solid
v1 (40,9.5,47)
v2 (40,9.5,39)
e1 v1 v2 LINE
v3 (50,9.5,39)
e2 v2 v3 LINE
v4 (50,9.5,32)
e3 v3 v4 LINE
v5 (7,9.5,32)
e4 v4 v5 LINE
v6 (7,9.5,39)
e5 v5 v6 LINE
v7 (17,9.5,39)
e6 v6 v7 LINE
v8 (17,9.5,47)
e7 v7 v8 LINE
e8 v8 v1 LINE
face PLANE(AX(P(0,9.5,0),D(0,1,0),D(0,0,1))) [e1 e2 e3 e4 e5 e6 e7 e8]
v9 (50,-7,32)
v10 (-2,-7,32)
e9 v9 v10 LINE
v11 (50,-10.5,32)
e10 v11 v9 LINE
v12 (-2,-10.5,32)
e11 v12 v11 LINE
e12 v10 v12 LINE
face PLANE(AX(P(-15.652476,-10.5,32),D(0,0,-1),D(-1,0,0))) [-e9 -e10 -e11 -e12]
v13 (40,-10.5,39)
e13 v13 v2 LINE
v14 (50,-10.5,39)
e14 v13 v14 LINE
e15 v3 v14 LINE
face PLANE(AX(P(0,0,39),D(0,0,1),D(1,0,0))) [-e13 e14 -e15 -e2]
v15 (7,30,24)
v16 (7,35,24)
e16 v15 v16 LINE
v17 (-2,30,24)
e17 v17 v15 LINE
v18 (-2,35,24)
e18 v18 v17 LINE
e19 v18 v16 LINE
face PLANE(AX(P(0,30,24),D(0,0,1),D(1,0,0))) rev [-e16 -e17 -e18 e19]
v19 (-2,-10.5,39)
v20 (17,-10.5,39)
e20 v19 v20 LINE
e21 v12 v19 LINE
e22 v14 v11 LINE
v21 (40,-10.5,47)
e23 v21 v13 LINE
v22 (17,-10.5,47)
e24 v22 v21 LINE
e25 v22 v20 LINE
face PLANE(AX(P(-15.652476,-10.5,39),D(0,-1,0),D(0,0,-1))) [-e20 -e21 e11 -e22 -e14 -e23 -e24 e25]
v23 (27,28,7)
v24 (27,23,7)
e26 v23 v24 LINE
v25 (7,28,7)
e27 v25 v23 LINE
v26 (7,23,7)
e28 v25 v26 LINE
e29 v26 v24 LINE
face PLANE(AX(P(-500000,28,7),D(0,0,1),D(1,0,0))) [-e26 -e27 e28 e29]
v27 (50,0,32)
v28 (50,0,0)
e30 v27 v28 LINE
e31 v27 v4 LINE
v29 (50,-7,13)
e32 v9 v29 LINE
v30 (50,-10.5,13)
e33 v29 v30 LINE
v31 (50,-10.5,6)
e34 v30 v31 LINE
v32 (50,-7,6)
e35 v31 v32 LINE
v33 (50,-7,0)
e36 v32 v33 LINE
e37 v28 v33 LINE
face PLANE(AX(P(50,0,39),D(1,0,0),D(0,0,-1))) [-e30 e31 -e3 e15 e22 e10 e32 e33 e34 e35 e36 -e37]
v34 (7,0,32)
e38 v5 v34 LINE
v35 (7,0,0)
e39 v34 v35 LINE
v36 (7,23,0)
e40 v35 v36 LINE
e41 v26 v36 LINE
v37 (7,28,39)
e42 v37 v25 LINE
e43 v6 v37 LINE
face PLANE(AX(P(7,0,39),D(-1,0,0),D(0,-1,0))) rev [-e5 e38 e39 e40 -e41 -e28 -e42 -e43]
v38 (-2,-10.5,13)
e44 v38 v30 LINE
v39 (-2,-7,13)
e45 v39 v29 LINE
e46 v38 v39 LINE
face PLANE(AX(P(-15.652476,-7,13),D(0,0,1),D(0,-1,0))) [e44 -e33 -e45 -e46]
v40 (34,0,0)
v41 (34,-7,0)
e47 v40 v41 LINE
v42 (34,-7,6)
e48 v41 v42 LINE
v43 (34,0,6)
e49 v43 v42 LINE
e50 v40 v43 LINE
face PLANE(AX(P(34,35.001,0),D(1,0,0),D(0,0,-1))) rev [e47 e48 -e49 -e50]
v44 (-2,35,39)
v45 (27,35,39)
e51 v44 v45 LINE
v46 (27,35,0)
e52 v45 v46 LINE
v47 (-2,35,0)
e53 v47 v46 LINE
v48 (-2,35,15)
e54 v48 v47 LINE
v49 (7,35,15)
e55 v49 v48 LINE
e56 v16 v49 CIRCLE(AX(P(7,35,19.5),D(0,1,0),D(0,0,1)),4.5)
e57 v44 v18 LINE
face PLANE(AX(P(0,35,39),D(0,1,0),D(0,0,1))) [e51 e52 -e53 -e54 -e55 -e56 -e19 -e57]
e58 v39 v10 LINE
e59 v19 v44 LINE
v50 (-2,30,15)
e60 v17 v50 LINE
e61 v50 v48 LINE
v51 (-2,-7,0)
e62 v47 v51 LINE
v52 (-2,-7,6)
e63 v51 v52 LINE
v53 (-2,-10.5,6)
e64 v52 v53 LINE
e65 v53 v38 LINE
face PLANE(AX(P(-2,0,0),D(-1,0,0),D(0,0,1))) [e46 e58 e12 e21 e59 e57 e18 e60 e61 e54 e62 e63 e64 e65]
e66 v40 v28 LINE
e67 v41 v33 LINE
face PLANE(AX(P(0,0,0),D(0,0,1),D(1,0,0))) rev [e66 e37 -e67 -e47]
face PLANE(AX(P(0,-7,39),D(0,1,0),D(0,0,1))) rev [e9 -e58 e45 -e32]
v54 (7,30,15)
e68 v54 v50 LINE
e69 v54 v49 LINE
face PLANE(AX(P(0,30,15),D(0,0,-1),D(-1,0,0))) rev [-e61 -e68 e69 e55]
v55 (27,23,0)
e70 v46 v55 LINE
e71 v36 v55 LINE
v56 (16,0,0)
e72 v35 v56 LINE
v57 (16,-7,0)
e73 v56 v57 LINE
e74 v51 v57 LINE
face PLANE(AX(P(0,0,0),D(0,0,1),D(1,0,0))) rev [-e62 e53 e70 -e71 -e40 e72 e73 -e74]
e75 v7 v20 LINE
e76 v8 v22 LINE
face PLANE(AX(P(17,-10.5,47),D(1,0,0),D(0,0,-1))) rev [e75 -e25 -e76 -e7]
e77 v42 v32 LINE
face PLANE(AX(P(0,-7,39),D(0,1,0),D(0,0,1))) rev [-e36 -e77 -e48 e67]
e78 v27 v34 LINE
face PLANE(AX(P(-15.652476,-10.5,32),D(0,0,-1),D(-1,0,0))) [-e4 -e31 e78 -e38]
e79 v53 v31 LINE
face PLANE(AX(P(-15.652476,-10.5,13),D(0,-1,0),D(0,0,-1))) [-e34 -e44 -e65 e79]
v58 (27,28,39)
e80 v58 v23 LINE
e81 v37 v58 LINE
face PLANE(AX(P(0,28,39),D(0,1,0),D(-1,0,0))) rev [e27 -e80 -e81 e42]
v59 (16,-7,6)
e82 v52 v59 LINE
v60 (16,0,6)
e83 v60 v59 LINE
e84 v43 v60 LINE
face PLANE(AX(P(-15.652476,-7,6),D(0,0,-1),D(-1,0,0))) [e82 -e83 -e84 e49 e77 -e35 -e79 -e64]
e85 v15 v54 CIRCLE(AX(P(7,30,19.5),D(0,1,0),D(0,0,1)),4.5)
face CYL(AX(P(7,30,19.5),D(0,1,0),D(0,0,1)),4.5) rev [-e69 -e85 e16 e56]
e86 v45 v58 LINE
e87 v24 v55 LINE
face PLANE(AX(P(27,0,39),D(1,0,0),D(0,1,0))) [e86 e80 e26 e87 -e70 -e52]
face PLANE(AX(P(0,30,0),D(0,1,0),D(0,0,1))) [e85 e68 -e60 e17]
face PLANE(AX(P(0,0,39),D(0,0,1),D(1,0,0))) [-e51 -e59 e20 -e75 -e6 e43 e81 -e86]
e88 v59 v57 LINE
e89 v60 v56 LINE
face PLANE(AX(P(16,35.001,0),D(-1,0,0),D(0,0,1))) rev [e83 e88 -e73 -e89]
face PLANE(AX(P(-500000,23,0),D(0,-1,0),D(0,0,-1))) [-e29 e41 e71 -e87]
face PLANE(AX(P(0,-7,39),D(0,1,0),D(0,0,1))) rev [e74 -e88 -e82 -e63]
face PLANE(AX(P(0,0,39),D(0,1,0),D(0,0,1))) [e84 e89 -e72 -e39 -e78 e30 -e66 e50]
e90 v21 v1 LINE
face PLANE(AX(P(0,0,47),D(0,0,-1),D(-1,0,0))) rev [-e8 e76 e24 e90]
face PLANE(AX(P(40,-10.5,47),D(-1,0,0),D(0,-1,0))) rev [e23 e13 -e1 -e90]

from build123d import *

# Parameters (mm, degrees)
SKETCH_1_W          = 20
SKETCH_1_H          = 7
SKETCH_1_W_2        = 50
EXTRUDE_1_DEPTH     = 39
CUT_EXTRUDE_1_DEPTH = 5
EXTRUDE_2_REACH     = 60.949
SKETCH_3_W          = 7
SKETCH_3_H          = 5
EXTRUDE_3_REACH     = 74.429
SKETCH_4_W          = 7
SKETCH_4_H          = 14
SKETCH_4_H_2        = 3.5
CUT_EXTRUDE_2_REACH = 78.059
SKETCH_5_W          = 18
SKETCH_5_H          = 6
SKETCH_6_W          = 23
SKETCH_6_H          = 14
EXTRUDE_4_DEPTH     = 8
EXTRUDE_5_DEPTH     = 2
EXTRUDE_6_DEPTH     = 6


with BuildPart() as part:
    # Эскиз1 → Бобышка-Вытянуть1 (new body)
    with BuildSketch(Plane.XY):
        with Locations((17, 31.5)):
            Rectangle(SKETCH_1_W, SKETCH_1_H)
        Polygon((0, 35), (0, 0), (7, 0), (7, 28), (7, 35), align=None)
        with Locations((25, -3.5)):
            Rectangle(SKETCH_1_W_2, SKETCH_1_H)
    extrude(amount=EXTRUDE_1_DEPTH)

    # Эскиз2 → Вырез-Вытянуть1 (cut)
    with BuildSketch(Plane(origin=(0, 35, 0), x_dir=(1, 0, 0), z_dir=(0, 1, 0))):
        with BuildLine():
            ThreePointArc((7, -15), (3.818019485, -16.318019485), (2.5, -19.5))
            Line((2.5, -19.5), (11.5, -19.5))
            ThreePointArc((11.5, -19.5), (10.181980515, -16.318019485), (7, -15))
        make_face()
        with BuildLine():
            Line((11.5, -19.5), (2.5, -19.5))
            ThreePointArc((2.5, -19.5), (3.818019485, -22.681980515), (7, -24))
            ThreePointArc((7, -24), (10.181980515, -22.681980515), (11.5, -19.5))
        make_face()
        with BuildLine():
            Line((0, -15), (0, -19.5))
            Line((0, -19.5), (2.5, -19.5))
            ThreePointArc((2.5, -19.5), (3.818019485, -16.318019485), (7, -15))
            Line((7, -15), (0, -15))
        make_face()
        with BuildLine():
            Line((2.5, -19.5), (0, -19.5))
            Line((0, -19.5), (0, -24))
            Line((0, -24), (7, -24))
            ThreePointArc((7, -24), (3.818019485, -22.681980515), (2.5, -19.5))
        make_face()
    extrude(amount=-CUT_EXTRUDE_1_DEPTH, mode=Mode.SUBTRACT)

    # Эскиз3 → Бобышка-Вытянуть2 (add, up to next)
    with BuildSketch(Plane(origin=(27, 0, 0), x_dir=(0, 0, -1), z_dir=(1, 0, 0)), mode=Mode.PRIVATE) as extrude_2_sk1:
        with Locations((-3.5, 25.5)):
            Rectangle(SKETCH_3_W, SKETCH_3_H)
    extrude_2_tool1 = extrude(extrude_2_sk1.sketch, amount=-EXTRUDE_2_REACH, mode=Mode.PRIVATE) - part.part
    add(extrude_2_tool1.solids().sort_by_distance((27, 25.5, 3.5))[0])

    # Бобышка-Вытянуть3: up to this face of the body (flat: up to its plane)
    extrude_3_end = Plane(part.part.faces().sort_by_distance((0, 13.47740113, 19.5))[0])
    # Эскиз4 → Бобышка-Вытянуть3 (add, up to the picked face)
    with BuildSketch(Plane(origin=(50, 0, 0), x_dir=(0, 0, -1), z_dir=(1, 0, 0)), mode=Mode.PRIVATE) as extrude_3_sk1:
        with Locations((-35.5, -3.5)):
            Rectangle(SKETCH_4_W, SKETCH_4_H)
    extrude_3_tool1 = split(extrude(extrude_3_sk1.sketch, amount=-EXTRUDE_3_REACH, mode=Mode.PRIVATE), bisect_by=extrude_3_end, keep=Keep.BOTH, mode=Mode.PRIVATE)
    # Эскиз4 → Бобышка-Вытянуть3 (add, up to the picked face)
    with BuildSketch(Plane(origin=(50, 0, 0), x_dir=(0, 0, -1), z_dir=(1, 0, 0)), mode=Mode.PRIVATE) as extrude_3_sk2:
        with Locations((-9.5, -8.75)):
            Rectangle(SKETCH_4_W, SKETCH_4_H_2)
    extrude_3_tool2 = split(extrude(extrude_3_sk2.sketch, amount=-EXTRUDE_3_REACH, mode=Mode.PRIVATE), bisect_by=extrude_3_end, keep=Keep.BOTH, mode=Mode.PRIVATE)
    add(extrude_3_tool1.solids().sort_by(Axis((50, -3.5, 35.5), (-1, 0, 0)))[0])
    add(extrude_3_tool2.solids().sort_by(Axis((50, -8.75, 9.5), (-1, 0, 0)))[0])

    # Эскиз5 → Вырез-Вытянуть2 (cut, up to next)
    with BuildSketch(Plane.XZ.offset(7), mode=Mode.PRIVATE) as cut_extrude_2_sk1:
        with Locations((25, 3)):
            Rectangle(SKETCH_5_W, SKETCH_5_H)
    cut_extrude_2_tool1 = extrude(cut_extrude_2_sk1.sketch, amount=-CUT_EXTRUDE_2_REACH, mode=Mode.PRIVATE) & part.part
    add(cut_extrude_2_tool1.solids().sort_by_distance((25, -7, 3))[0], mode=Mode.SUBTRACT)

    # Эскиз6 → Бобышка-Вытянуть4 (add)
    with BuildSketch(Plane.XY.offset(39)):
        with Locations((28.5, -3.5)):
            Rectangle(SKETCH_6_W, SKETCH_6_H)
    extrude(amount=EXTRUDE_4_DEPTH)

    # Эскиз7 → Бобышка-Вытянуть5 (add)
    with BuildSketch(Plane.ZY):
        Polygon((39, -10.5), (39, 35), (24, 35), (24, 30), (15, 30), (15, 35), (0, 35), (0, -7), (6, -7), (6, -10.5), (13, -10.5), (13, -7), (32, -7), (32, -10.5), align=None)
    extrude(amount=EXTRUDE_5_DEPTH)

    # Эскиз8 → Бобышка-Вытянуть6 (add)
    with BuildSketch(Plane(origin=(0, 3.5, 0), x_dir=(1, 0, 0), z_dir=(0, 1, 0))):
        Polygon((7, -32), (7, -39), (17, -39), (17, -47), (40, -47), (40, -39), (50, -39), (50, -32), align=None)
    extrude(amount=EXTRUDE_6_DEPTH)


solid = part.part
